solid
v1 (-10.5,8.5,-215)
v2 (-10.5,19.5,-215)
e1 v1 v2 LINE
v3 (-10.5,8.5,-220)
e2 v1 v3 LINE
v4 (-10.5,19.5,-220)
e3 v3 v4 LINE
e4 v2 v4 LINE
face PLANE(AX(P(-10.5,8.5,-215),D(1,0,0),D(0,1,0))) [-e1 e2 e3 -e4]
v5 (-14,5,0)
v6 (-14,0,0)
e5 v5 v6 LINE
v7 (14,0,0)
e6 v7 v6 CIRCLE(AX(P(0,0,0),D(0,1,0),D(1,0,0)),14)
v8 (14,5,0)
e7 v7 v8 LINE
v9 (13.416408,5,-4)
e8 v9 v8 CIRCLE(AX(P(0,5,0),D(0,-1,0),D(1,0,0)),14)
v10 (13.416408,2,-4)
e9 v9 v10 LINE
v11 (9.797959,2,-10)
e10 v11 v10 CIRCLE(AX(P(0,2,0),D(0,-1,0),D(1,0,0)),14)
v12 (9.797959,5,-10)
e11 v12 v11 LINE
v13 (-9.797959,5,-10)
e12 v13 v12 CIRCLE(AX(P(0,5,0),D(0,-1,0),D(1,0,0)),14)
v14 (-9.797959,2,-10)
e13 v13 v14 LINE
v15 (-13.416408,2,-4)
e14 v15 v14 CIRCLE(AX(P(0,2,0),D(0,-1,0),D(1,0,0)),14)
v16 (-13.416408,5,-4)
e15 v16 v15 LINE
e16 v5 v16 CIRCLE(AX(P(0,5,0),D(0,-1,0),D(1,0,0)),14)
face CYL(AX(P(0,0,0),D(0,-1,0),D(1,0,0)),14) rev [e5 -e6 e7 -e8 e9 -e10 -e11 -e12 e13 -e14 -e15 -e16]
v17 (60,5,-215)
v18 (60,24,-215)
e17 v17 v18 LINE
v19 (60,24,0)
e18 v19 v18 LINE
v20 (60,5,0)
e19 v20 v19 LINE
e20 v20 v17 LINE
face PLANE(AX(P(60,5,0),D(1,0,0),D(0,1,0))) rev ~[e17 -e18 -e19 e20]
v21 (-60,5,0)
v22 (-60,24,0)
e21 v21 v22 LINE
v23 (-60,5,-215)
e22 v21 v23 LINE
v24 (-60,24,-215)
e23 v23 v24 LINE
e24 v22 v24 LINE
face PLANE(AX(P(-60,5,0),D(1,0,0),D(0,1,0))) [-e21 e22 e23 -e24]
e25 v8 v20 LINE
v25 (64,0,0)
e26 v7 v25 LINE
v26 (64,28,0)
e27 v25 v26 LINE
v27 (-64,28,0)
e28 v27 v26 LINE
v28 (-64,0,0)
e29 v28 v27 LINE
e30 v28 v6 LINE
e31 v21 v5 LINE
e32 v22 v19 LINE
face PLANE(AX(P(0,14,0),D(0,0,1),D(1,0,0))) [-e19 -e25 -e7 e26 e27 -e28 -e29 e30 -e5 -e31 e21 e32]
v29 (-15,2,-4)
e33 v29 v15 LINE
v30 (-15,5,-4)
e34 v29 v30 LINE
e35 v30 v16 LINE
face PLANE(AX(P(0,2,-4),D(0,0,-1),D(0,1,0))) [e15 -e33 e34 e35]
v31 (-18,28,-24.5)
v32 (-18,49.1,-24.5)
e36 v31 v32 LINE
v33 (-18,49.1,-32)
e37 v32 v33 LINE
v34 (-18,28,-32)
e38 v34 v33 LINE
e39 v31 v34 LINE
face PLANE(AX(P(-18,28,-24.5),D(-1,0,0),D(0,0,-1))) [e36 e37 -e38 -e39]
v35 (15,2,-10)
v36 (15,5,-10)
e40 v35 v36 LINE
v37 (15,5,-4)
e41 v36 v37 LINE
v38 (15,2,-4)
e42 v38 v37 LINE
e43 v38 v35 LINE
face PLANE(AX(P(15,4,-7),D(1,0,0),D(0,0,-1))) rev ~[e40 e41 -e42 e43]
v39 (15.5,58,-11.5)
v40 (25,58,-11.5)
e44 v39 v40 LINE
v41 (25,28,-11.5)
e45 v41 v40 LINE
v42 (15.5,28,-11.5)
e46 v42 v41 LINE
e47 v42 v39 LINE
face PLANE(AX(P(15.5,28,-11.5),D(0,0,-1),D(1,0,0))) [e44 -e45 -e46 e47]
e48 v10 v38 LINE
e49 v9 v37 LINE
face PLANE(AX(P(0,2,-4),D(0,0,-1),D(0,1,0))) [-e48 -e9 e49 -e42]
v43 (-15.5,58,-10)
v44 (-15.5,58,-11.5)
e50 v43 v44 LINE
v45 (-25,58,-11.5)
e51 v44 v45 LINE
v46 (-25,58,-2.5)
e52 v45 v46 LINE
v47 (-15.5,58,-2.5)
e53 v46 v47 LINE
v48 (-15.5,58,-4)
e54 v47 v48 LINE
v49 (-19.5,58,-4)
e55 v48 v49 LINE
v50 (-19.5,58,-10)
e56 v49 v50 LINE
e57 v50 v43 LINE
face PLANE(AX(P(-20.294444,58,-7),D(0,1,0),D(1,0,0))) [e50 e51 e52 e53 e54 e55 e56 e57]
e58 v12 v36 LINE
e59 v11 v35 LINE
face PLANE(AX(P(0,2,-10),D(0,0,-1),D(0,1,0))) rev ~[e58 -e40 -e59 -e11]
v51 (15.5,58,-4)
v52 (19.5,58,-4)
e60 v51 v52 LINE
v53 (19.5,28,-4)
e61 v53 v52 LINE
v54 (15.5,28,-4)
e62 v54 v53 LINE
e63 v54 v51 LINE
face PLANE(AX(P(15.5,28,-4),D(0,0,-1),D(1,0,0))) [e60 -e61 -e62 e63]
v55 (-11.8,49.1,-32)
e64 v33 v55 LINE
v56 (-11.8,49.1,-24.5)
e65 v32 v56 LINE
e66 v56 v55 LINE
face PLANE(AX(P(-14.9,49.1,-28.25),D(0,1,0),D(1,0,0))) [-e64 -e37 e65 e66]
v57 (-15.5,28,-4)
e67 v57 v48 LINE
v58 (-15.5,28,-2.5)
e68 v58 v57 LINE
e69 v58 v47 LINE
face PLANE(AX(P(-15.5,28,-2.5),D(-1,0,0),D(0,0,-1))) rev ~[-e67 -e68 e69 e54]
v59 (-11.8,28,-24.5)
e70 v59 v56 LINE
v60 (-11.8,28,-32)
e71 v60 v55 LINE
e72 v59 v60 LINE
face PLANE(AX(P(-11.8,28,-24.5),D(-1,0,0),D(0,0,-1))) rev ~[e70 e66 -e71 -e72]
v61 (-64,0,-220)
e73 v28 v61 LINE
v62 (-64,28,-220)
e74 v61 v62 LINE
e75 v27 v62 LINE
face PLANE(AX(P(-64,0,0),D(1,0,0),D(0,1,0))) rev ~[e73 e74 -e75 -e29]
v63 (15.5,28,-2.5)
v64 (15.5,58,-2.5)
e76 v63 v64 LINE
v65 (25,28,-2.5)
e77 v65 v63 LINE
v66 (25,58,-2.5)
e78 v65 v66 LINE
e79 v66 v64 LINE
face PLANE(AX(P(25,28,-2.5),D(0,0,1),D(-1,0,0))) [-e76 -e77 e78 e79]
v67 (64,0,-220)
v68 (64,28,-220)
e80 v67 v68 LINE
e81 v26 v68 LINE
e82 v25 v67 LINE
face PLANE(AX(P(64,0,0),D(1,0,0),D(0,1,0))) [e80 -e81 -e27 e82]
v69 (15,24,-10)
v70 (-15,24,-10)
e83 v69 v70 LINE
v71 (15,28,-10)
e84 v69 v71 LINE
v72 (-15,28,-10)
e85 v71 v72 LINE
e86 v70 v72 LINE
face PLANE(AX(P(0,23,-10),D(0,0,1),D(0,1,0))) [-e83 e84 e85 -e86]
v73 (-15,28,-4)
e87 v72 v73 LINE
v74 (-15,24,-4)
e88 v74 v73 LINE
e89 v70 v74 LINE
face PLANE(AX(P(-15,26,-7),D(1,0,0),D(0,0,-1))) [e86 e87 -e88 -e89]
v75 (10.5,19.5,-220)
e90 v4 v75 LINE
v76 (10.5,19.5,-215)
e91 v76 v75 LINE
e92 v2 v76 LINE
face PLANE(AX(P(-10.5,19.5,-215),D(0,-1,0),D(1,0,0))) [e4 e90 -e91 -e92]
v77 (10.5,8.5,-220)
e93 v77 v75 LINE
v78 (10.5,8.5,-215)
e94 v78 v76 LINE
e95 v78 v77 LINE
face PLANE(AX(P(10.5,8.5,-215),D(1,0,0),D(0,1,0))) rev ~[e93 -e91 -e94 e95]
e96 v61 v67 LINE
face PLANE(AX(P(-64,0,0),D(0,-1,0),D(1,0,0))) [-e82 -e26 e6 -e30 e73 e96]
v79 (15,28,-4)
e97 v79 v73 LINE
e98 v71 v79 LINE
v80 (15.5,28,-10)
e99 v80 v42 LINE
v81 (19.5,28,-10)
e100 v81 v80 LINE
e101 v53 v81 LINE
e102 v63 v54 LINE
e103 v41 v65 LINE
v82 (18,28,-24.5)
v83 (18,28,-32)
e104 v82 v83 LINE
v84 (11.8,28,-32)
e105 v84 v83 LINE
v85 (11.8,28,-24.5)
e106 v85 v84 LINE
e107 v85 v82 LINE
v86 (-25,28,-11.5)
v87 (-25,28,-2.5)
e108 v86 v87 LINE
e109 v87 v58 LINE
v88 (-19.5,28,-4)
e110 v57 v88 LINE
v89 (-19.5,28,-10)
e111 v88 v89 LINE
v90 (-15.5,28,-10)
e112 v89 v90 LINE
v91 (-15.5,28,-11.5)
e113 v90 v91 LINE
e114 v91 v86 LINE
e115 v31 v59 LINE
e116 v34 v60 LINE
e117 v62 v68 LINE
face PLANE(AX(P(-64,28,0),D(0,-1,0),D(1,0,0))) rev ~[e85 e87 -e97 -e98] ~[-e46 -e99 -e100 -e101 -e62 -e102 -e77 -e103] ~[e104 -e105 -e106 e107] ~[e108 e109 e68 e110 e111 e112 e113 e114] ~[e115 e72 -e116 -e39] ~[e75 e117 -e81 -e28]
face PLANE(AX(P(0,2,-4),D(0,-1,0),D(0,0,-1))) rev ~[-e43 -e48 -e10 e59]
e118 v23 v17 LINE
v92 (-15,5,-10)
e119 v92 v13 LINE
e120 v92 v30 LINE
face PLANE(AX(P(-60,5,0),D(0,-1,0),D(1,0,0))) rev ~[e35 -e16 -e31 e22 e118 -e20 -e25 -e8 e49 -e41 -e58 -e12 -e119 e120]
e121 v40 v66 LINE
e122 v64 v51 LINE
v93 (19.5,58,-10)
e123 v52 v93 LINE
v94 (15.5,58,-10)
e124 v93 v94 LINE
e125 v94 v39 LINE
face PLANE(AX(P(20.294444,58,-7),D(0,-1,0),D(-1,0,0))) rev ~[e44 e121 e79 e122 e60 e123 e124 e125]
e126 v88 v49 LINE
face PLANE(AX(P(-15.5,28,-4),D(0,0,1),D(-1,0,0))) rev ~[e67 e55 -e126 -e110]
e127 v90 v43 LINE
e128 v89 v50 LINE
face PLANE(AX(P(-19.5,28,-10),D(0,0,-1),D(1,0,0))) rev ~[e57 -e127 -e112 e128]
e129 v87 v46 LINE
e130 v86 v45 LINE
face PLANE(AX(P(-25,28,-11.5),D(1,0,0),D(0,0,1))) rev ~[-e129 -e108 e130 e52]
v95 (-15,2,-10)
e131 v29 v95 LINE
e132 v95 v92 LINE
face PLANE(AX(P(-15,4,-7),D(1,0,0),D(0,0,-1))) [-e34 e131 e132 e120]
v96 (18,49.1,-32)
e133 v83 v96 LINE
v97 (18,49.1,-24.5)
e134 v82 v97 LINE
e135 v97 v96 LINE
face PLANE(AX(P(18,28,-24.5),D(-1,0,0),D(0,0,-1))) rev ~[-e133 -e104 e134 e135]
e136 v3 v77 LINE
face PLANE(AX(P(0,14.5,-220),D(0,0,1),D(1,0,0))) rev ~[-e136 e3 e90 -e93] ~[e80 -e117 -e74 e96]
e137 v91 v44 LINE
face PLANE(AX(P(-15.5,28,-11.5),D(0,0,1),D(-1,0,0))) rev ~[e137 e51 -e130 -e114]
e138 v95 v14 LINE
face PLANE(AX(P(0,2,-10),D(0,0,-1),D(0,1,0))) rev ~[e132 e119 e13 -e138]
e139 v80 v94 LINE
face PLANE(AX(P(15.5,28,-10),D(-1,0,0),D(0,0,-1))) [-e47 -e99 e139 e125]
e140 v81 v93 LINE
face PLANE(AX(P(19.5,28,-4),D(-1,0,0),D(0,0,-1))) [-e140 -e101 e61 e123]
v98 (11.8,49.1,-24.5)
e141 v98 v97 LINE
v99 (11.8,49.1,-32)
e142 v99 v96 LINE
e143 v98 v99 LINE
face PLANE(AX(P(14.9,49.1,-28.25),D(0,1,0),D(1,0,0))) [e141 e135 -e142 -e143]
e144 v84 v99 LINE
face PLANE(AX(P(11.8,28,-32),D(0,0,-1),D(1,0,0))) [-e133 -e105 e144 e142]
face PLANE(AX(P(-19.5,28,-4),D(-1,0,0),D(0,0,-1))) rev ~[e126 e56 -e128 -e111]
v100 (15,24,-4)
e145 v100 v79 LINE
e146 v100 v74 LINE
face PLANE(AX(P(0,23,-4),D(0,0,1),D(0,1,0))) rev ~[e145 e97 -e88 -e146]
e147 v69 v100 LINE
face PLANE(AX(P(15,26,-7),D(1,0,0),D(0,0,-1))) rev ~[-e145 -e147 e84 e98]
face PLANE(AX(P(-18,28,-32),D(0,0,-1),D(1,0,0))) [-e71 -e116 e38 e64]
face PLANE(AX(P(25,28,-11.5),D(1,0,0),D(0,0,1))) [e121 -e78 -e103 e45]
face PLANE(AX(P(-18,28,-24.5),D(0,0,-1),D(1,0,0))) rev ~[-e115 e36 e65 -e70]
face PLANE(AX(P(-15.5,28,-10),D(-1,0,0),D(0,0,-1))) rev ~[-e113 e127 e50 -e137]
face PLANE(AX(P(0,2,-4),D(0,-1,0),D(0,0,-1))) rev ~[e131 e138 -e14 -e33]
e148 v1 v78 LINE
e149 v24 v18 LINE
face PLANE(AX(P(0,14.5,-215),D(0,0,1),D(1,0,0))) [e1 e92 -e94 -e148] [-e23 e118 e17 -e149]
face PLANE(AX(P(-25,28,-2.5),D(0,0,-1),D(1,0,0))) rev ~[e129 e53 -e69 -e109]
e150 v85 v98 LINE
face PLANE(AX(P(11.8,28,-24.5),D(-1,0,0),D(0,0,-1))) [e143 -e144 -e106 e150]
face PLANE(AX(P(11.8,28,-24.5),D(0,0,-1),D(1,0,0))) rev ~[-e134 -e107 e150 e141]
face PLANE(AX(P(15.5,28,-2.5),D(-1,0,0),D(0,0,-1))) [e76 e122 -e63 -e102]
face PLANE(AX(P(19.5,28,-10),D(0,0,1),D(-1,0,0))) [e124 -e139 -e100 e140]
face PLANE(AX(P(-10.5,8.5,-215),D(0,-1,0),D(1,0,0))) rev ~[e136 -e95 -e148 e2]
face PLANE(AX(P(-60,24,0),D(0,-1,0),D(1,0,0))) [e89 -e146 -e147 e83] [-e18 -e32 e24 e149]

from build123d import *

# Parameters (mm, degrees)
ESQUISSE1_W                   = 128
ESQUISSE1_H                   = 28
ESQUISSE1_W_2                 = 120
ESQUISSE1_H_2                 = 19
CORPS_CASIER_DEPTH            = 220
PAROI_FOND_START              = -215
ESQUISSE2_W                   = 120
ESQUISSE2_H                   = 19
ESQUISSE2_W_2                 = 21
ESQUISSE2_H_2                 = 11
PAROI_FOND_DEPTH              = 5
ESQUISSE3_W                   = 6
ESQUISSE3_H                   = 6
ESQUISSE3_H_2                 = 4
FENTE_ET_ENCOCHE_VERROU_DEPTH = 15
ESQUISSE4_R                   = 14
ENCOCHE_PRISE_DOIGT_DEPTH     = 6
GLISSIERES_VERROU_START       = 28
GLISSIERES_VERROU_DEPTH       = 30
SUPPORTS_SERVO_SG90_START     = 28
ESQUISSE6_W                   = 6.2
ESQUISSE6_H                   = 7.5
SUPPORTS_SERVO_SG90_DEPTH     = 21.1


with BuildPart() as part:
    # Esquisse1 → Corps_casier (new body)
    with BuildSketch(Plane.XY):
        with Locations((0, 14)):
            Rectangle(ESQUISSE1_W, ESQUISSE1_H)
        with Locations((0, 14.5)):
            Rectangle(ESQUISSE1_W_2, ESQUISSE1_H_2, mode=Mode.SUBTRACT)
    extrude(amount=-CORPS_CASIER_DEPTH)

    # Esquisse2 → Paroi_fond (add)
    with BuildSketch(Plane.XY.offset(PAROI_FOND_START)):
        with Locations((0, 14.5)):
            Rectangle(ESQUISSE2_W, ESQUISSE2_H)
        with Locations((0, 14)):
            Rectangle(ESQUISSE2_W_2, ESQUISSE2_H_2, mode=Mode.SUBTRACT)
    extrude(amount=-PAROI_FOND_DEPTH)

    # Esquisse3 → Fente_et_encoche_verrou (cut, symmetric)
    with BuildSketch(Plane(origin=(0, 0, 0), x_dir=(0, 0, -1), z_dir=(1, 0, 0))):
        with Locations((7, 26)):
            Rectangle(ESQUISSE3_W, ESQUISSE3_H)
        with Locations((7, 4)):
            Rectangle(ESQUISSE3_W, ESQUISSE3_H_2)
    extrude(amount=FENTE_ET_ENCOCHE_VERROU_DEPTH, both=True, mode=Mode.SUBTRACT)

    # Esquisse4 → Encoche_prise_doigt (cut)
    with BuildSketch(Plane(origin=(0, 0, 0), x_dir=(1, 0, 0), z_dir=(0, 1, 0))):
        Circle(ESQUISSE4_R)
    extrude(amount=ENCOCHE_PRISE_DOIGT_DEPTH, mode=Mode.SUBTRACT)

    # Esquisse5 → Glissieres_verrou (add)
    with BuildSketch(Plane(origin=(0, 0, 0), x_dir=(1, 0, 0), z_dir=(0, 1, 0)).offset(GLISSIERES_VERROU_START)):
        Polygon((-25, 2.5), (-15.5, 2.5), (-15.5, 4), (-19.5, 4), (-19.5, 10), (-15.5, 10), (-15.5, 11.5), (-25, 11.5), align=None)
        Polygon((25, 2.5), (15.5, 2.5), (15.5, 4), (19.5, 4), (19.5, 10), (15.5, 10), (15.5, 11.5), (25, 11.5), align=None)
    extrude(amount=GLISSIERES_VERROU_DEPTH)

    # Esquisse6 → Supports_servo_SG90 (add)
    with BuildSketch(Plane(origin=(0, 0, 0), x_dir=(1, 0, 0), z_dir=(0, 1, 0)).offset(SUPPORTS_SERVO_SG90_START)):
        with Locations((-14.9, 28.25)):
            Rectangle(ESQUISSE6_W, ESQUISSE6_H)
        with Locations((14.9, 28.25)):
            Rectangle(ESQUISSE6_W, ESQUISSE6_H)
    extrude(amount=SUPPORTS_SERVO_SG90_DEPTH)


solid = part.part
